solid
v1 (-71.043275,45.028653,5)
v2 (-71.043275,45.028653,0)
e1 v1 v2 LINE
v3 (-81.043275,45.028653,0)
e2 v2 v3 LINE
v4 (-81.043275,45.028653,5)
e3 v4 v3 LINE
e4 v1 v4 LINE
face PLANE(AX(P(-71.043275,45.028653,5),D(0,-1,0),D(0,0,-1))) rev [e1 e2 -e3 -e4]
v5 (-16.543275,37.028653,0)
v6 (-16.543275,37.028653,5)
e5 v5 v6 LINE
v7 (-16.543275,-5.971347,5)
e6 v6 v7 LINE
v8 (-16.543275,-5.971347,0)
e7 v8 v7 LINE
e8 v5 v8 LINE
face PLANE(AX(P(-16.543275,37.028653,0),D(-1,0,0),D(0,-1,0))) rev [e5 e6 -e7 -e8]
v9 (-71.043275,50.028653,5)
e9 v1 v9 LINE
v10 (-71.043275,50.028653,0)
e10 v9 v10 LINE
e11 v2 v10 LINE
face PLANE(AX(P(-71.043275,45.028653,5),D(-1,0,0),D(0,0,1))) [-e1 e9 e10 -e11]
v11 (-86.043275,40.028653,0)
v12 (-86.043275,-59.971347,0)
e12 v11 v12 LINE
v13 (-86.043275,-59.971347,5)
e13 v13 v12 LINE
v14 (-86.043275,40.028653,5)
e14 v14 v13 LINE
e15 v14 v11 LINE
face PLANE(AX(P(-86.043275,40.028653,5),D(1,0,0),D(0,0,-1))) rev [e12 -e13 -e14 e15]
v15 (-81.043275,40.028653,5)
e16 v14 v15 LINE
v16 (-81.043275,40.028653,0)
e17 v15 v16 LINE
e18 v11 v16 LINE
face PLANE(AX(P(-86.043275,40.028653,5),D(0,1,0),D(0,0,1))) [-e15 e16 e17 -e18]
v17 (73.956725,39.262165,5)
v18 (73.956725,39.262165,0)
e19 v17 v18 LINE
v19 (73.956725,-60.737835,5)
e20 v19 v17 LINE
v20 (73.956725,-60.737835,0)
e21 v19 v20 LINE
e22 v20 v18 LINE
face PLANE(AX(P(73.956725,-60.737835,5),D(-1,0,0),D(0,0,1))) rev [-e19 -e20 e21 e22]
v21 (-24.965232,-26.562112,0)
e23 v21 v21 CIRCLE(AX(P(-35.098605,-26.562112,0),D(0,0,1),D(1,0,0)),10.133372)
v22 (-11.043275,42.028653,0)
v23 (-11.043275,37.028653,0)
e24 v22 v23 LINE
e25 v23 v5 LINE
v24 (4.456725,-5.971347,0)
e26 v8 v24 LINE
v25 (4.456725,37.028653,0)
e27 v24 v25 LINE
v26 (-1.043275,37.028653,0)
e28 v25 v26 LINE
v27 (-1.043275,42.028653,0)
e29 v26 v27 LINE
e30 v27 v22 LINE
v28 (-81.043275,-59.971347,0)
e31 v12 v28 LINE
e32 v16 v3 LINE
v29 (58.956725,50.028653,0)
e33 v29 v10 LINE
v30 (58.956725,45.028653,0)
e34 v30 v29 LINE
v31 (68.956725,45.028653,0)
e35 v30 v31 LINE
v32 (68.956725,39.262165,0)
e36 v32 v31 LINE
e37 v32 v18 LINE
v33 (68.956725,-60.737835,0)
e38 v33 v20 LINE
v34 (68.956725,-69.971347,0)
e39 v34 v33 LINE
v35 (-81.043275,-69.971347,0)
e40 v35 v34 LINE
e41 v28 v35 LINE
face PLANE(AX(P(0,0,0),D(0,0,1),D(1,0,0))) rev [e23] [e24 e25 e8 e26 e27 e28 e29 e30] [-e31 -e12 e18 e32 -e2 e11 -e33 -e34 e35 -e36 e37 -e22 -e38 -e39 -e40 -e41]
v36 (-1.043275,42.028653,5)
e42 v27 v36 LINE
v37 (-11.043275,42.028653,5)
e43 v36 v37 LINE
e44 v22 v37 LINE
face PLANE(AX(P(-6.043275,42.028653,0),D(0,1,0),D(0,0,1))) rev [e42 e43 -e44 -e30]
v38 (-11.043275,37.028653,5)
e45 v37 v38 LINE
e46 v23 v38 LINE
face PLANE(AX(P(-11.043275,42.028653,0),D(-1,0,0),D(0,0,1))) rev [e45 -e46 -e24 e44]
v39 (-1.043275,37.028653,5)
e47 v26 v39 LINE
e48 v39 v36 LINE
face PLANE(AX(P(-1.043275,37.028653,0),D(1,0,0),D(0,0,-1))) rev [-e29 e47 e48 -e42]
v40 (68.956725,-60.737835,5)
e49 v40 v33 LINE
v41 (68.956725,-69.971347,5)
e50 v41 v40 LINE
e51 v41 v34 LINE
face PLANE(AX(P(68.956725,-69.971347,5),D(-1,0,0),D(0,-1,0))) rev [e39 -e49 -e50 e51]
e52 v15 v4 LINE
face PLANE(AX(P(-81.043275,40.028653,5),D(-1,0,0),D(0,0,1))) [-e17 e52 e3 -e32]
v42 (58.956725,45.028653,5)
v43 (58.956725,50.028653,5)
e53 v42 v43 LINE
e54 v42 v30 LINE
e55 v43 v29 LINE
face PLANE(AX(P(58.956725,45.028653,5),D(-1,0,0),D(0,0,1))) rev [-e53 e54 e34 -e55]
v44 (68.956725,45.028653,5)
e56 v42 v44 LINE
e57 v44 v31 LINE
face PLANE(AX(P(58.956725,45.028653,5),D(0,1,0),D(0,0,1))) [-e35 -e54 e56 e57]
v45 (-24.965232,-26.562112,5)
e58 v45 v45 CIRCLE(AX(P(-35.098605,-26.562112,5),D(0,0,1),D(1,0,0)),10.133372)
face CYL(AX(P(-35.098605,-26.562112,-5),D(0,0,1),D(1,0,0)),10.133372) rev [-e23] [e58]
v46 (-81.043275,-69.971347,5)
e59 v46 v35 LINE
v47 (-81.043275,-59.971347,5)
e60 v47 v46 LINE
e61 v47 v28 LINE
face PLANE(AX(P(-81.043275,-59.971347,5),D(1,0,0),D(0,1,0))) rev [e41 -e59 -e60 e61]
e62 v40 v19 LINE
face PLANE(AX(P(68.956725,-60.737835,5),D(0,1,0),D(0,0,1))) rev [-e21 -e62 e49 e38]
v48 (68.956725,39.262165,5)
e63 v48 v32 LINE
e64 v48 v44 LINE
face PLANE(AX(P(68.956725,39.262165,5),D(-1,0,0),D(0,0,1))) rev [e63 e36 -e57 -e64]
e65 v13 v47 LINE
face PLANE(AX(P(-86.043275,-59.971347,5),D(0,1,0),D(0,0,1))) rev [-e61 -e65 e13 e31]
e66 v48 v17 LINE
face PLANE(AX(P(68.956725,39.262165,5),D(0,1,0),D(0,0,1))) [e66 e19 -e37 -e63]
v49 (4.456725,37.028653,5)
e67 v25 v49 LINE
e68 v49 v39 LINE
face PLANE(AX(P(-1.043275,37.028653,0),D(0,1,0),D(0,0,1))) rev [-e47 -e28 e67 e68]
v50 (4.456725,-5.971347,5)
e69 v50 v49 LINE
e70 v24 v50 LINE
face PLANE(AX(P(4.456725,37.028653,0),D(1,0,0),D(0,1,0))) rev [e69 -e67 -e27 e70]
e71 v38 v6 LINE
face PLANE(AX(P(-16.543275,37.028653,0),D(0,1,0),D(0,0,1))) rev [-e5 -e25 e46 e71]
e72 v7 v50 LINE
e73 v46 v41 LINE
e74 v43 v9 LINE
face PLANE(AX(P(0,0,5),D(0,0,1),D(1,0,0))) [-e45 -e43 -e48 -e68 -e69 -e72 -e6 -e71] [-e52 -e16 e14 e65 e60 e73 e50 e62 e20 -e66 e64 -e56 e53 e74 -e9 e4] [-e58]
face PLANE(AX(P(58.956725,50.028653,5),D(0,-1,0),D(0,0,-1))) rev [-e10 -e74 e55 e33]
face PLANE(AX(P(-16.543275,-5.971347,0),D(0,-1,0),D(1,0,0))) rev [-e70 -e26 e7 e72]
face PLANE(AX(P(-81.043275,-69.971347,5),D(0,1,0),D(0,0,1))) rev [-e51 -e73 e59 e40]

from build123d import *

# Parameters (mm, degrees)
BOSS_EXTRU_2_DEPTH      = 5
ENL_V_MAT_EXTRU_1_DEPTH = 5
ESQUISSE4_R             = 10.133372482
ENL_V_MAT_EXTRU_2_DEPTH = 10


with BuildPart() as part:
    # Esquisse1 → Boss.-Extru.2 (new body)
    with BuildSketch(Plane.XY):
        Polygon((-81.043275043, -69.971346705), (68.956724957, -69.971346705), (68.956724957, -60.737835253), (73.956724957, -60.737835253), (73.956724957, 39.262164747), (68.956724957, 39.262164747), (68.956724957, 45.028653295), (58.956724957, 45.028653295), (58.956724957, 50.028653295), (-71.043275043, 50.028653295), (-71.043275043, 45.028653295), (-81.043275043, 45.028653295), (-81.043275043, 40.028653295), (-86.043275043, 40.028653295), (-86.043275043, -59.971346705), (-81.043275043, -59.971346705), align=None)
    extrude(amount=BOSS_EXTRU_2_DEPTH)

    # Esquisse3 → Enlèv. mat.-Extru.1 (cut)
    with BuildSketch(Plane.XY.offset(5)):
        Polygon((-16.543275043, 37.028653295), (-16.543275043, -5.971346705), (4.456724957, -5.971346705), (4.456724957, 37.028653295), (-1.043275043, 37.028653295), (-1.043275043, 42.028653295), (-6.043275043, 42.028653295), (-11.043275043, 42.028653295), (-11.043275043, 37.028653295), align=None)
    extrude(amount=-ENL_V_MAT_EXTRU_1_DEPTH, mode=Mode.SUBTRACT)

    # Esquisse4 → Enlèv. mat.-Extru.2 (cut)
    with BuildSketch(Plane.XY.offset(5)):
        with Locations((-35.098604503, -26.562111751)):
            Circle(ESQUISSE4_R)
    extrude(amount=-ENL_V_MAT_EXTRU_2_DEPTH, mode=Mode.SUBTRACT)


solid = part.part
